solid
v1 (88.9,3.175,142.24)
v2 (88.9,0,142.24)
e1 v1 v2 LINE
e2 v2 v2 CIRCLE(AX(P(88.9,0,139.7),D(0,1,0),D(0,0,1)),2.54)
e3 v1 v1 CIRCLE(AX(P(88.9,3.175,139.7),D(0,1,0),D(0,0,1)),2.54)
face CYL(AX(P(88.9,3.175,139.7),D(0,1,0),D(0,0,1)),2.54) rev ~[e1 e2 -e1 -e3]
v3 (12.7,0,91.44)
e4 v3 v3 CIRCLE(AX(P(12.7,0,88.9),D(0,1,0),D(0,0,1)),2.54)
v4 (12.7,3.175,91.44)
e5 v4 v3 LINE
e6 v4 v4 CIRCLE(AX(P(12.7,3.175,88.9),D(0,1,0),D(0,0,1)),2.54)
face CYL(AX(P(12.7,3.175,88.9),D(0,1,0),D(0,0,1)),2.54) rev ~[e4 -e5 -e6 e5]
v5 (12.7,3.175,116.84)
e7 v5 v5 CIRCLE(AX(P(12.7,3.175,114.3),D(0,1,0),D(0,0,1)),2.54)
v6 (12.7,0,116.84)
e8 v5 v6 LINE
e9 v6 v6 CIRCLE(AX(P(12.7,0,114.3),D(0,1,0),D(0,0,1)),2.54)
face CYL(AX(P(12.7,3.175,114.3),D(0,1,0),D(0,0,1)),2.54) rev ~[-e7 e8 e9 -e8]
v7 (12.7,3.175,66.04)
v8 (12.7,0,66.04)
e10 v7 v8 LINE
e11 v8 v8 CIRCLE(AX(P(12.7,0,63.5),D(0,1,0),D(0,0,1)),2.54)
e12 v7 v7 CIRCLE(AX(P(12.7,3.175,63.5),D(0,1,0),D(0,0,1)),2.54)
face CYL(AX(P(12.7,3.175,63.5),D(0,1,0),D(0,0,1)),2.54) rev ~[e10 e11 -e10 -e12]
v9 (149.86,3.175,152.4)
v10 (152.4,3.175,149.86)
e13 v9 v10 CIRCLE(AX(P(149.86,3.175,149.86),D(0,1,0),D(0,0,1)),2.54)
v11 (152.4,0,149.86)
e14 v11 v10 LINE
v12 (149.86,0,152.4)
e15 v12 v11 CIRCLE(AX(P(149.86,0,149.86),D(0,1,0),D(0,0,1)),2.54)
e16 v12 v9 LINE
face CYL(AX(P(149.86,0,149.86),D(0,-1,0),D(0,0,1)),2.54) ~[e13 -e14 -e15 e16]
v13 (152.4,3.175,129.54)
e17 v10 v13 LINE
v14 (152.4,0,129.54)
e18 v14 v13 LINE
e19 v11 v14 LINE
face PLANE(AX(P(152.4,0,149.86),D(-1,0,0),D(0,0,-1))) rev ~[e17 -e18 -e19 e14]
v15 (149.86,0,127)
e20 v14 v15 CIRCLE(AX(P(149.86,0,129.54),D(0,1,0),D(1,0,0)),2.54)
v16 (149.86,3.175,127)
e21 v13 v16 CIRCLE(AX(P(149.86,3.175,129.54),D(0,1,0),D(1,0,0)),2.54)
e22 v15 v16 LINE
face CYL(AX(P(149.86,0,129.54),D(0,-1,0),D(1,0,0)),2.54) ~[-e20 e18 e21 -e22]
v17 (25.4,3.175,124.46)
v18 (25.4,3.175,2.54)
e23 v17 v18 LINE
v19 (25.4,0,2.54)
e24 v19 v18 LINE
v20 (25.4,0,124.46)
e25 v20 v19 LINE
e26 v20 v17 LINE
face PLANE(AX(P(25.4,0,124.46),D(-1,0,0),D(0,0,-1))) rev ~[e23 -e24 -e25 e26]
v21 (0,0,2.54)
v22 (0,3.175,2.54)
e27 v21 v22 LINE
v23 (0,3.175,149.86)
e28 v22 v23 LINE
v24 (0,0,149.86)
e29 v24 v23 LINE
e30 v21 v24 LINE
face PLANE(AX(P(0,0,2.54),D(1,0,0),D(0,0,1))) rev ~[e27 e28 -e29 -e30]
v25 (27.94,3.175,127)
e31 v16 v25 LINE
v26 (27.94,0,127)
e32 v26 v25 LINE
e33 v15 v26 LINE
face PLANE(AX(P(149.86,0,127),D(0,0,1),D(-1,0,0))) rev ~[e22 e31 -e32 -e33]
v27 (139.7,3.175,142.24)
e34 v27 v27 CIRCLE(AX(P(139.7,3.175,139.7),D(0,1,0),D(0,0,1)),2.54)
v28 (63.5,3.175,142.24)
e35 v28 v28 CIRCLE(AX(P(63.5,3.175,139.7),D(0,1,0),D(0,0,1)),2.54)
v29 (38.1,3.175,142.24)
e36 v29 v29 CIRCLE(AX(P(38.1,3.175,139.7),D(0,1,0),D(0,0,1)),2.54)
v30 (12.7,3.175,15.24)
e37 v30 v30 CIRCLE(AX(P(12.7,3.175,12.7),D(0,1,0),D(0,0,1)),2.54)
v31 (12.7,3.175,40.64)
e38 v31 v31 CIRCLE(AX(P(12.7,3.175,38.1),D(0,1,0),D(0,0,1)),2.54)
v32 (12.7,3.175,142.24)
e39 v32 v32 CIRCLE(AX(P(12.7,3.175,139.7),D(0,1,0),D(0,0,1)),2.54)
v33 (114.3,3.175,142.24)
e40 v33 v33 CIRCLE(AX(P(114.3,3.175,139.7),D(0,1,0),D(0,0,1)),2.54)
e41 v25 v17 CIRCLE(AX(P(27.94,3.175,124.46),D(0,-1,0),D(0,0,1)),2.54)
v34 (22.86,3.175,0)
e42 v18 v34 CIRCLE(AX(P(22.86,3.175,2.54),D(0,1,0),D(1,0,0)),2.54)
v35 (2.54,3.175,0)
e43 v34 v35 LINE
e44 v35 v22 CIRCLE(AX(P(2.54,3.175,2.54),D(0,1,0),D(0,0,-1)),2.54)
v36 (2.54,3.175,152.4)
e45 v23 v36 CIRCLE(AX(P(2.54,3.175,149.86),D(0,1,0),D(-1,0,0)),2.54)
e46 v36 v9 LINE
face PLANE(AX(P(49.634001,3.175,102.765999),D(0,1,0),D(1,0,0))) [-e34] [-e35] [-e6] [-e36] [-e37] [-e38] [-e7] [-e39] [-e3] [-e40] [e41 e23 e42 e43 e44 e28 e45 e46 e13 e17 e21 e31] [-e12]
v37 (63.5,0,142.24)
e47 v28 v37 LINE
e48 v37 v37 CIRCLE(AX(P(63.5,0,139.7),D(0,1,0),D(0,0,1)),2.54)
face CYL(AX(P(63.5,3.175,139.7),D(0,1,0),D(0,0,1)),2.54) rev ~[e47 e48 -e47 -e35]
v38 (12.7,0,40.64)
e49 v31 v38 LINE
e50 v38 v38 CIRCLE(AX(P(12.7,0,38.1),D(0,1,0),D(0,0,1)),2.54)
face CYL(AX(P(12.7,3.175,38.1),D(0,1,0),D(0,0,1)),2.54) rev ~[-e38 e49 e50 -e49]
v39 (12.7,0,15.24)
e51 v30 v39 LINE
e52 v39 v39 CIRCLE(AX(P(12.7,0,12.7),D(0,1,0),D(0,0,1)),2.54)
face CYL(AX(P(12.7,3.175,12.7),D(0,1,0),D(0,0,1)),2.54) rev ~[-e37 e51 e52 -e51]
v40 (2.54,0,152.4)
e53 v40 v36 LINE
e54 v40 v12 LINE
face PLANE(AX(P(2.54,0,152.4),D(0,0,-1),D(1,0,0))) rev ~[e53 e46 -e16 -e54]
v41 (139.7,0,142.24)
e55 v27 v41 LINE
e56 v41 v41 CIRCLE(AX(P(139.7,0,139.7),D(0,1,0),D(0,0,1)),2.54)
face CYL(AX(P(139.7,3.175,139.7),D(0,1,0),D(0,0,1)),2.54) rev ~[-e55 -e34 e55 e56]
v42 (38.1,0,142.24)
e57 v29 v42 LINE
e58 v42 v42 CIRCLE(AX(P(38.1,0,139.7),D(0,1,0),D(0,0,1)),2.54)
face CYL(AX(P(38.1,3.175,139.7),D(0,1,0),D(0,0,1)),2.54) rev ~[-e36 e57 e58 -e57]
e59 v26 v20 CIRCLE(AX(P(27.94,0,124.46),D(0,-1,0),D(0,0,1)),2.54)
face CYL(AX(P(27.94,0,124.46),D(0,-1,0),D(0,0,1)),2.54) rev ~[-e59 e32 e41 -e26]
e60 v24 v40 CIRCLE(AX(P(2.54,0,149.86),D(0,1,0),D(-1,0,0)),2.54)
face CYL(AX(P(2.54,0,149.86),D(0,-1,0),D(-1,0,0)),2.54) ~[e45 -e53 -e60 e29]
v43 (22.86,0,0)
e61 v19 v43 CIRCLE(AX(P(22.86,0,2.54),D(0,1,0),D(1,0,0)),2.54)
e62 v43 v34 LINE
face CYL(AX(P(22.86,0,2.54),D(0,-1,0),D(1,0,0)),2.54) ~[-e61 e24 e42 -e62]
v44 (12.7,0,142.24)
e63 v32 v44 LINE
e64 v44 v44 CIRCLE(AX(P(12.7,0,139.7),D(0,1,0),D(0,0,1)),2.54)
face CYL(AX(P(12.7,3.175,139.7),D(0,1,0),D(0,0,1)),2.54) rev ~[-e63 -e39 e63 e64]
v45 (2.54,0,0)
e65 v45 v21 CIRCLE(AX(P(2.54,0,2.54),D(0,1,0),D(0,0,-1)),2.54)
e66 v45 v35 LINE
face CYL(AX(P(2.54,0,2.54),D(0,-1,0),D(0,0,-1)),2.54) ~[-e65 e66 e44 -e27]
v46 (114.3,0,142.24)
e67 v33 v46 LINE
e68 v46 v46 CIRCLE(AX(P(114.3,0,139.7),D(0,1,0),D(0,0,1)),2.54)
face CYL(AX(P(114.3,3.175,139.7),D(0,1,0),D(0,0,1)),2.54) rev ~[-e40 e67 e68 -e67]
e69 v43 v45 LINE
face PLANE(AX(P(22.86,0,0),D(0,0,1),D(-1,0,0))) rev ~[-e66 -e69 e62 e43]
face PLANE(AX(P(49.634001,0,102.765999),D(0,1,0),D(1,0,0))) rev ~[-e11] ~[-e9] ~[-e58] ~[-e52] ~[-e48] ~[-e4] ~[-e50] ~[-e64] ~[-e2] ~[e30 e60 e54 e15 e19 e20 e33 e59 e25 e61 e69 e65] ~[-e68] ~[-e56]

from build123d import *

# Parameters (mm, degrees)
BOSS_EXTRUDE1_DEPTH = 3.175
SKETCH2_R           = 2.54
CUT_EXTRUDE1_DEPTH  = 3.175
LPATTERN1_COUNT     = 6
LPATTERN1_PITCH     = 25.4
SKETCH3_R           = 2.54
CUT_EXTRUDE2_DEPTH  = 3.175
LPATTERN2_COUNT     = 5
LPATTERN2_PITCH     = 25.4


with BuildPart() as part:
    # Sketch1 → Boss-Extrude1 (new body)
    with BuildSketch(Plane(origin=(0, 0, 0), x_dir=(1, 0, 0), z_dir=(0, 1, 0))):
        with BuildLine():
            Line((0, -2.54), (0, -149.86))
            ThreePointArc((0, -149.86), (0.743948776, -151.656051224), (2.54, -152.4))
            Line((2.54, -152.4), (149.86, -152.4))
            ThreePointArc((149.86, -152.4), (151.656051224, -151.656051224), (152.4, -149.86))
            Line((152.4, -149.86), (152.4, -129.54))
            ThreePointArc((152.4, -129.54), (151.656051224, -127.743948776), (149.86, -127))
            Line((149.86, -127), (27.94, -127))
            ThreePointArc((27.94, -127), (26.143948776, -126.256051224), (25.4, -124.46))
            Line((25.4, -124.46), (25.4, -2.54))
            ThreePointArc((25.4, -2.54), (24.656051224, -0.743948776), (22.86, 0))
            Line((22.86, 0), (2.54, 0))
            ThreePointArc((2.54, 0), (0.743948776, -0.743948776), (0, -2.54))
        make_face()
    extrude(amount=BOSS_EXTRUDE1_DEPTH)

    # Sketch2 → Cut-Extrude1 (cut)
    with BuildSketch(Plane(origin=(0, 3.175, 0), x_dir=(1, 0, 0), z_dir=(0, 1, 0))):
        with Locations(Location((12.7, -12.7, 0), (0, 0, 270))):
            Circle(SKETCH2_R)
    cut_extrude1 = extrude(amount=-CUT_EXTRUDE1_DEPTH, mode=Mode.SUBTRACT)

    # LPattern1: Cut-Extrude1 ×6
    with Locations(*[(0, 0, i * LPATTERN1_PITCH) for i in range(1, LPATTERN1_COUNT)]):
        add(cut_extrude1, mode=Mode.SUBTRACT)

    # Sketch3 → Cut-Extrude2 (cut)
    with BuildSketch(Plane(origin=(0, 3.175, 0), x_dir=(1, 0, 0), z_dir=(0, 1, 0))):
        with Locations(Location((139.7, -139.7, 0), (0, 0, 270))):
            Circle(SKETCH3_R)
    cut_extrude2 = extrude(amount=-CUT_EXTRUDE2_DEPTH, mode=Mode.SUBTRACT)

    # LPattern2: Cut-Extrude2 ×5
    with Locations(*[(-i * LPATTERN2_PITCH, 0, 0) for i in range(1, LPATTERN2_COUNT)]):
        add(cut_extrude2, mode=Mode.SUBTRACT)


solid = part.part
